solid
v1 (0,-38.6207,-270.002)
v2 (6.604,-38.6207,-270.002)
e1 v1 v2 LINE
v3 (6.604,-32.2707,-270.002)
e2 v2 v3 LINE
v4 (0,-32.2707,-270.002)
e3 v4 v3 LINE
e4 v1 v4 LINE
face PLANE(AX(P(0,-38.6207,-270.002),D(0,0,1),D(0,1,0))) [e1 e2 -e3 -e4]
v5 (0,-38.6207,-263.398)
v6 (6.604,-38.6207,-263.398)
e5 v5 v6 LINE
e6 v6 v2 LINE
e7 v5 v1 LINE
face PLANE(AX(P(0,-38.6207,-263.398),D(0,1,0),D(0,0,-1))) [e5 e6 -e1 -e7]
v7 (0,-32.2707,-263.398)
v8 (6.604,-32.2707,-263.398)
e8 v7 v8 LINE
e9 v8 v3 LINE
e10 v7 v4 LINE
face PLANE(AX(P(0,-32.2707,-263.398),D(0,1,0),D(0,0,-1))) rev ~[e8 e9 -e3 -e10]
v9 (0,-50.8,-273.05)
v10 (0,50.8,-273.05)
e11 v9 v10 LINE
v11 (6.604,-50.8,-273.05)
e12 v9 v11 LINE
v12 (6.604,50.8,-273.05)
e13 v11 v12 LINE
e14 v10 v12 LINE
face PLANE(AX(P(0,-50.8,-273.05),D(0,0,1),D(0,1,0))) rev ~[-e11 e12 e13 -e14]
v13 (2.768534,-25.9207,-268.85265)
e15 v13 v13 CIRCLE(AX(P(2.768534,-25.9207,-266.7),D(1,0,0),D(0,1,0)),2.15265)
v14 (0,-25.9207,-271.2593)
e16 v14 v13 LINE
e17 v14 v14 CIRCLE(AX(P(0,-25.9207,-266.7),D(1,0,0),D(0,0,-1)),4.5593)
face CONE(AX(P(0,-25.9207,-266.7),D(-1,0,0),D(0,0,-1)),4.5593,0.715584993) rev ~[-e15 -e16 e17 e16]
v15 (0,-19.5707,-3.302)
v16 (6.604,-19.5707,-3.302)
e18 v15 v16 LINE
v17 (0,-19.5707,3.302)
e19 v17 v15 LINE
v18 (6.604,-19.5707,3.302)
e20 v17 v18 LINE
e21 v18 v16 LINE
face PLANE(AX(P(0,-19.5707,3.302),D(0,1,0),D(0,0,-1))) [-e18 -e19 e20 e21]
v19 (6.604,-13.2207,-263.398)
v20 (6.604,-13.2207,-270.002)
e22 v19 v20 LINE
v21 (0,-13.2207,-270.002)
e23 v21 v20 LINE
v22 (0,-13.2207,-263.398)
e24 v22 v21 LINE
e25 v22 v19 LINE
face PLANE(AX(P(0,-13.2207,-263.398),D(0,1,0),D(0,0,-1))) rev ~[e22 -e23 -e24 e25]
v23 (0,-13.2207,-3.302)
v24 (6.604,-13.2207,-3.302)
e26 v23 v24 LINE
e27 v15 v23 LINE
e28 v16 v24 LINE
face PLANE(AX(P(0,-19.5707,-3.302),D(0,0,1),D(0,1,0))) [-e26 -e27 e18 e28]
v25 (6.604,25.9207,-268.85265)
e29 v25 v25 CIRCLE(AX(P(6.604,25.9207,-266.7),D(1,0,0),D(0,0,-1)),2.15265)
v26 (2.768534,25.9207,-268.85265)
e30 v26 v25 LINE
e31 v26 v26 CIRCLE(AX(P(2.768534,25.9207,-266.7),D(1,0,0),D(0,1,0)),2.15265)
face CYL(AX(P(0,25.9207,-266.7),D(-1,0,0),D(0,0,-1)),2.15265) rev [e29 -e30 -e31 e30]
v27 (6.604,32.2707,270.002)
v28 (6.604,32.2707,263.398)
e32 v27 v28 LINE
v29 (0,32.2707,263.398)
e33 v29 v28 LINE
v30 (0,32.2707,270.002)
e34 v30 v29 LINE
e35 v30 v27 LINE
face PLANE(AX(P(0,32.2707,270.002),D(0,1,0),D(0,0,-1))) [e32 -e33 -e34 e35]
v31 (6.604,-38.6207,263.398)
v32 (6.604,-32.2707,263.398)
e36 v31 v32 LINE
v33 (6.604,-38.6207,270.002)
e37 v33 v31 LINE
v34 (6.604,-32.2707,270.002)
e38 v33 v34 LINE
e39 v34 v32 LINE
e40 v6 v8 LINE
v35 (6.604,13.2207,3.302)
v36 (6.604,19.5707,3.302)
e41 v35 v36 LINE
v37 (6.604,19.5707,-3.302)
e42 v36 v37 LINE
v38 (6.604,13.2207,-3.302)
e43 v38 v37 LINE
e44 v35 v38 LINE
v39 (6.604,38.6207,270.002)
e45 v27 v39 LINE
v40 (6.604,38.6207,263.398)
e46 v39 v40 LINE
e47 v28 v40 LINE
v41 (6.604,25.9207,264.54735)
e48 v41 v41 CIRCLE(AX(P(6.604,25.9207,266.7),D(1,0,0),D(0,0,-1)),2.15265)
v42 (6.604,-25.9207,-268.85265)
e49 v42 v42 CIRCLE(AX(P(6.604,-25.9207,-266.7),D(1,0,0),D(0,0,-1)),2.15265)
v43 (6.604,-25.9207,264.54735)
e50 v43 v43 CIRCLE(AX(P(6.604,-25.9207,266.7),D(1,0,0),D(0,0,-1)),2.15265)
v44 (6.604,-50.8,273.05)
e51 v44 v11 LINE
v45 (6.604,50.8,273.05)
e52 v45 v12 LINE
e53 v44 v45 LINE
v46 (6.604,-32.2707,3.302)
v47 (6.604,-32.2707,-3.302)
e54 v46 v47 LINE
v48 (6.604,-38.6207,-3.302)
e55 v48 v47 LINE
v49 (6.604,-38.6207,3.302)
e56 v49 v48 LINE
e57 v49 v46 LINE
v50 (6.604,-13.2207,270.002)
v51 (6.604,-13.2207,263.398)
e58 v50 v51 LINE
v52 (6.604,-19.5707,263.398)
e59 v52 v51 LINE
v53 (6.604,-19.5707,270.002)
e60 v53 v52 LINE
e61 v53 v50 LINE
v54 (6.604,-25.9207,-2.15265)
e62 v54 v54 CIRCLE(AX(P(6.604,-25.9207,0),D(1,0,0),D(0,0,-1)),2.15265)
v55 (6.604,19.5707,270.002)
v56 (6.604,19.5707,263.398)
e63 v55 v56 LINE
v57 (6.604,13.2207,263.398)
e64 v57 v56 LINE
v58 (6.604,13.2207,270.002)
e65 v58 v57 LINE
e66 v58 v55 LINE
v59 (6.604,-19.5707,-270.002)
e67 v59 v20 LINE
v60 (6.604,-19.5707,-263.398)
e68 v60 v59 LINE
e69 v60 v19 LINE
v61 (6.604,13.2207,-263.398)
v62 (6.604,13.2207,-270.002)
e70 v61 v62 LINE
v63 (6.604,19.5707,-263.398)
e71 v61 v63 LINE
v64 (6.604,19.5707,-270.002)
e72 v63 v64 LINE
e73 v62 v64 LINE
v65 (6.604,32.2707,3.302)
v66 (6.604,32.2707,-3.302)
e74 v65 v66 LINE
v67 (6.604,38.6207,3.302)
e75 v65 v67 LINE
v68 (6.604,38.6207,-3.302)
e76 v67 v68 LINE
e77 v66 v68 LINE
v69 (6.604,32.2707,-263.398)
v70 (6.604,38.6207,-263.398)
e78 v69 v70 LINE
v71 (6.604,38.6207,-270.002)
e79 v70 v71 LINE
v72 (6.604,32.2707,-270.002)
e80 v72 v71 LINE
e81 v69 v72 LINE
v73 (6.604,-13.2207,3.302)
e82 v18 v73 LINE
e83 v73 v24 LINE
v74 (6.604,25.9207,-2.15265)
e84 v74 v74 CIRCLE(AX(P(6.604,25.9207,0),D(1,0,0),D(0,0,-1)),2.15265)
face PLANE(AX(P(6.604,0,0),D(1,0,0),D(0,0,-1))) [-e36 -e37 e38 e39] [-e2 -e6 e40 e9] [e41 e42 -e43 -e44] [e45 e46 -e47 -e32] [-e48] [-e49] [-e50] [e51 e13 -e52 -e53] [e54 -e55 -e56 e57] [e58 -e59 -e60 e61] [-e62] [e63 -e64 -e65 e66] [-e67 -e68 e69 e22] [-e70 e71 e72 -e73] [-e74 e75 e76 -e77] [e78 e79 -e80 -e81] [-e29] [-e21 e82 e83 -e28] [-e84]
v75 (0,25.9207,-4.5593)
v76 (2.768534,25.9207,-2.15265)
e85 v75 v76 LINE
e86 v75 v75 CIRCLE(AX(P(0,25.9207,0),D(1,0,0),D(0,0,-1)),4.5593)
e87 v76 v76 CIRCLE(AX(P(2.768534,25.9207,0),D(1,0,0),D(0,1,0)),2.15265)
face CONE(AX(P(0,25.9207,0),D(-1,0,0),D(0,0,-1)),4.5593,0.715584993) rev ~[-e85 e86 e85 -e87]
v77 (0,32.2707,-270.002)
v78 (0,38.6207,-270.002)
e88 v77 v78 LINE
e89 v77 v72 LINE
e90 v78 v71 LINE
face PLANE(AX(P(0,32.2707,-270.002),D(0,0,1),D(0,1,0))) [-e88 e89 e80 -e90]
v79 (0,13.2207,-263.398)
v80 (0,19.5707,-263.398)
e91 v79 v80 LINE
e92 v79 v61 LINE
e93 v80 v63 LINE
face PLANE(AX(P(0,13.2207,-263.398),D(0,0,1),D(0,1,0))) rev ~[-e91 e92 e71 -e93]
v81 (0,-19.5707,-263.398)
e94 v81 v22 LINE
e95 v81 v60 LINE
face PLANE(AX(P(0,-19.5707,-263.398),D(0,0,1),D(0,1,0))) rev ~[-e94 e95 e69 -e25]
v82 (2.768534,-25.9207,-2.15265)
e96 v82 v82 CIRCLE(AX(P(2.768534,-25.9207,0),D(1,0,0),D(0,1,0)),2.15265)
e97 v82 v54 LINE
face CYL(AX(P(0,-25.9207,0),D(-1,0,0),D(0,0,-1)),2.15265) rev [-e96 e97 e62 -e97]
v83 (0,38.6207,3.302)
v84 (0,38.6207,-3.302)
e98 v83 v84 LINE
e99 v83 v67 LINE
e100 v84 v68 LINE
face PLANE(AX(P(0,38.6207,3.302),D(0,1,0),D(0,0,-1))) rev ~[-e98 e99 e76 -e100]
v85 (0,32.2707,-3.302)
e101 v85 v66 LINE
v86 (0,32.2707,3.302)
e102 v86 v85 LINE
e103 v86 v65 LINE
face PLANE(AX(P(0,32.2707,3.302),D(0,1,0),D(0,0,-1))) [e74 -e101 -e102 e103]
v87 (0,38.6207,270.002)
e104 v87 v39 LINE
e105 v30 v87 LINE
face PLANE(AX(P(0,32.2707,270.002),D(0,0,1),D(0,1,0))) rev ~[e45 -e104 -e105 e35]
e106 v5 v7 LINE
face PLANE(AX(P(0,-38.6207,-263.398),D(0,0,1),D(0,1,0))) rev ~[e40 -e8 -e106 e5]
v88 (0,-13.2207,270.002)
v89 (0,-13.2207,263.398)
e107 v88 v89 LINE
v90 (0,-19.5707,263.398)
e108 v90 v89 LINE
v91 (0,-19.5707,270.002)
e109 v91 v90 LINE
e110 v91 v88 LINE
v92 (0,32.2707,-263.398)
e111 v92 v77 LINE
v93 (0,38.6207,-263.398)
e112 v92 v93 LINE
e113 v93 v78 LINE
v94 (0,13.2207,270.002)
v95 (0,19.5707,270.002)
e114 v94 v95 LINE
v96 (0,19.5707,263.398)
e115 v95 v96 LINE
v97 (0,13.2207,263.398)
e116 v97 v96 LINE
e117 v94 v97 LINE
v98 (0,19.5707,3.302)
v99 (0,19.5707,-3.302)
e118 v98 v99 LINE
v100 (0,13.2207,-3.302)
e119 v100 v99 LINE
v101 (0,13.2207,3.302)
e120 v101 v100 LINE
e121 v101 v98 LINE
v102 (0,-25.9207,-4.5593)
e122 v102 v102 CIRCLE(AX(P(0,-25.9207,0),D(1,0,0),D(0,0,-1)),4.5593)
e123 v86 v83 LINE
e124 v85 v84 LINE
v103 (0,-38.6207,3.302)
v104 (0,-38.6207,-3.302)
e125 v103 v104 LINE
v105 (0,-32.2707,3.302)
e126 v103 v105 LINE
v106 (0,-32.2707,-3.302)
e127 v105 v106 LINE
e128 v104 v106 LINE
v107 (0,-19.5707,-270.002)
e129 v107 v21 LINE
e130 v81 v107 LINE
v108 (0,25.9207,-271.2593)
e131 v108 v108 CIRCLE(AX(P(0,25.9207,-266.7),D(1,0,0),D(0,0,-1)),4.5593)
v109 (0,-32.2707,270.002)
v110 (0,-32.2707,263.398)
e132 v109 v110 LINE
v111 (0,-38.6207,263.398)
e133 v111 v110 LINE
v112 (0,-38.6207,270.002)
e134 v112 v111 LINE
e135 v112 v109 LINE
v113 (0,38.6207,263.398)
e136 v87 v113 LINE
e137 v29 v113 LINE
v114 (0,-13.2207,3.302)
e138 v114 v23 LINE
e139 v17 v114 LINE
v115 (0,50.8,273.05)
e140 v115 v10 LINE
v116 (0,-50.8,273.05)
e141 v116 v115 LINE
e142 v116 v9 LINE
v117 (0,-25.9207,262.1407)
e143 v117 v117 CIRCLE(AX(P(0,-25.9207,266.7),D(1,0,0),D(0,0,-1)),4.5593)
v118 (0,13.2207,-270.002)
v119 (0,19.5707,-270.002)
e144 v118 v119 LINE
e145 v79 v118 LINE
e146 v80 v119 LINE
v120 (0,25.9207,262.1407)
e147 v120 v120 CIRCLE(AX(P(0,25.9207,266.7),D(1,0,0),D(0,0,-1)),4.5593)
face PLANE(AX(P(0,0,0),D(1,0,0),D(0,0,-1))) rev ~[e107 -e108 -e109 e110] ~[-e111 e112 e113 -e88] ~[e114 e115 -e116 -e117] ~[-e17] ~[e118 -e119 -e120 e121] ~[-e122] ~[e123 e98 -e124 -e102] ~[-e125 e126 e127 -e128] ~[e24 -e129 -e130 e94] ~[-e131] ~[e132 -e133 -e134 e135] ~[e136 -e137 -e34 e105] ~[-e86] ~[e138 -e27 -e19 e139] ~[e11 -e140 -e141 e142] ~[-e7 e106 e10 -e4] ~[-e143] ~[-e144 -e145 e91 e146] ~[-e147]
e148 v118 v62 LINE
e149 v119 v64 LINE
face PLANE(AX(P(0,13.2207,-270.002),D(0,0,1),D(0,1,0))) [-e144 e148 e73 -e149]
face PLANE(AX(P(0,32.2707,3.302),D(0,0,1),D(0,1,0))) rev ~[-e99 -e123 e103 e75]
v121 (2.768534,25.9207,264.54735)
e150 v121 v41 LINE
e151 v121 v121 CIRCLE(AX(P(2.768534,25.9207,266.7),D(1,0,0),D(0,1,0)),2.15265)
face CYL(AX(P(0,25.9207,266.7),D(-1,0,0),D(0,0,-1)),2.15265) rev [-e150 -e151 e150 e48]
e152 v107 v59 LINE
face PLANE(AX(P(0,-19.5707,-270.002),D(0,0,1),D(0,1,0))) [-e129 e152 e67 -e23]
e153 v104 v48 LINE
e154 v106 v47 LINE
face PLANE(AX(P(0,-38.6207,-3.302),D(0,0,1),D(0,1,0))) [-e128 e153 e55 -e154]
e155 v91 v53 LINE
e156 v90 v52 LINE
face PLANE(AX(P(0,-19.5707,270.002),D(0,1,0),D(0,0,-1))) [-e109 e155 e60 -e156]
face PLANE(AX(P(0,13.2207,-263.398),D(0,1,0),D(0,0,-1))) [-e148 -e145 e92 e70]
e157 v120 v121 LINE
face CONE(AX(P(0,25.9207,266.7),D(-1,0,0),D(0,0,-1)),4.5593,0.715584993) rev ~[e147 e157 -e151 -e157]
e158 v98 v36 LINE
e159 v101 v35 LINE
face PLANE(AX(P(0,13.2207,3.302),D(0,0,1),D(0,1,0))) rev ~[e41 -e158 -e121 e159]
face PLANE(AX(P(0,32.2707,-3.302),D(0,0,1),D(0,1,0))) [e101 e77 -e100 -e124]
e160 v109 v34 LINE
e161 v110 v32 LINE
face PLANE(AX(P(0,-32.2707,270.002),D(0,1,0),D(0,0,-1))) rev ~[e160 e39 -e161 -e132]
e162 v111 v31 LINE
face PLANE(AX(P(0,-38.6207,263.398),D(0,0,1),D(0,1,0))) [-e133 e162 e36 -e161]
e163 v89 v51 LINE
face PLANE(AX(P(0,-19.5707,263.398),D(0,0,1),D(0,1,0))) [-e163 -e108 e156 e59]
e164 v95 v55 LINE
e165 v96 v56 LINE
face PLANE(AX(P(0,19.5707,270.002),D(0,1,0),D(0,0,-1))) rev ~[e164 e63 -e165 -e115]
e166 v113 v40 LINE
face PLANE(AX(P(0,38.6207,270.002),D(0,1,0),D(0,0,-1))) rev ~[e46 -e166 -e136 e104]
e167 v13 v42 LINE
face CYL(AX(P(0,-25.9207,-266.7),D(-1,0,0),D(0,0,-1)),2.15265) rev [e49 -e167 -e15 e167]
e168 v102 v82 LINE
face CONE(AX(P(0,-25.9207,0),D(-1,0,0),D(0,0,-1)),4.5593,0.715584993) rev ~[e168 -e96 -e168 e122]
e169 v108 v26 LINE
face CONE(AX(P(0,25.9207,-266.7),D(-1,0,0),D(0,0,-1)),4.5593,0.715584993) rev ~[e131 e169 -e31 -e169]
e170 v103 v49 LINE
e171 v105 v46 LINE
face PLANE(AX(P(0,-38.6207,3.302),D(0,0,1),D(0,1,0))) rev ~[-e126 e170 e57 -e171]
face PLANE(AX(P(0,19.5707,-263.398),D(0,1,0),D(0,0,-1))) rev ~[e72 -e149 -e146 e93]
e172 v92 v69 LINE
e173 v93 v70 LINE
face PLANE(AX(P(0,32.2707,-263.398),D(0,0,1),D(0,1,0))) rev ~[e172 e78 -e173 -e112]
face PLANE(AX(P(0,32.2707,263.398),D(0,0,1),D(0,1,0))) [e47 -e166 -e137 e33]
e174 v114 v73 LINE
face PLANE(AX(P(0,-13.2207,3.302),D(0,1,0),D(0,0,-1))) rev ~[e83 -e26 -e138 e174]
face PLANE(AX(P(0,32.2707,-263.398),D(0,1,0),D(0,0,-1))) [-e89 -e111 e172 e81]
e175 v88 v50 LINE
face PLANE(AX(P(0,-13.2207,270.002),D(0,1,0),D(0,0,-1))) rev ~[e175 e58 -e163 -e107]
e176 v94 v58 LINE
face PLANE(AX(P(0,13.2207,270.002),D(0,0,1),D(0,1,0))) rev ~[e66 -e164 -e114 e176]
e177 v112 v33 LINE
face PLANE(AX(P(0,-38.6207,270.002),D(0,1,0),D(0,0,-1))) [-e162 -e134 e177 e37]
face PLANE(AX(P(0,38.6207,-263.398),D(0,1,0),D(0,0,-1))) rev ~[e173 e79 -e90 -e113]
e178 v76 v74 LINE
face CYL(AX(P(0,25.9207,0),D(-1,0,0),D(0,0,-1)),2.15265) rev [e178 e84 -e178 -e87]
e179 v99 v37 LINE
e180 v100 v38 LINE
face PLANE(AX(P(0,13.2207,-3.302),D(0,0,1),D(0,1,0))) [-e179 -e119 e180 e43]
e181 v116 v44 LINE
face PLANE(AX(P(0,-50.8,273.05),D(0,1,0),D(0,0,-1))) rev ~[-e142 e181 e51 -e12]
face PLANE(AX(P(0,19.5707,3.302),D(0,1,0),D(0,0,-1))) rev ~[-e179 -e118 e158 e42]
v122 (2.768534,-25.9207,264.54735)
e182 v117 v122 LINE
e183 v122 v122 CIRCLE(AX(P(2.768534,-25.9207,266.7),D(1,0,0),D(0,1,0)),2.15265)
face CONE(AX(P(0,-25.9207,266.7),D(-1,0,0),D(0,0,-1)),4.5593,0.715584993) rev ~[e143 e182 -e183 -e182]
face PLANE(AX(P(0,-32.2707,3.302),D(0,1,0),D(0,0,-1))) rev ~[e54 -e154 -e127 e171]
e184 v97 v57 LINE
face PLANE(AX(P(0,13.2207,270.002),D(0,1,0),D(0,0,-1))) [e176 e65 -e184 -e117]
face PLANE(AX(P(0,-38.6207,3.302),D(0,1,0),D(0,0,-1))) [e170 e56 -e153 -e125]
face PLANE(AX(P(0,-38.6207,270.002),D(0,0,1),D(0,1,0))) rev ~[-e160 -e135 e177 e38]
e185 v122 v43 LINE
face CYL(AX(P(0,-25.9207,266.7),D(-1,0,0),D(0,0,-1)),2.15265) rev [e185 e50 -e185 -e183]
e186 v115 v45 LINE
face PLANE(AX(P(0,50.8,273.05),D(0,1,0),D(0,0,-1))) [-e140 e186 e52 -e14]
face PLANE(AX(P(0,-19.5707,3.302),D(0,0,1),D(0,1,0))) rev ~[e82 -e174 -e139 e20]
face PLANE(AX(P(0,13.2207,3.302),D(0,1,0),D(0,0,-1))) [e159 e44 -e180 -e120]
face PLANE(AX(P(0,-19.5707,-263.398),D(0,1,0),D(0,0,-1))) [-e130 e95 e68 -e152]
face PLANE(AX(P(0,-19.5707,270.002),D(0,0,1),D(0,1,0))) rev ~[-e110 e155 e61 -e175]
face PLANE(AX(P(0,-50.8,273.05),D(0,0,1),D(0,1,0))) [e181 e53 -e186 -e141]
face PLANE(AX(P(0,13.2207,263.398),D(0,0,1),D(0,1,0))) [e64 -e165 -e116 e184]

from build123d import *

# Parameters (mm, degrees)
SKETCH1_W                                         = 546.1
SKETCH1_H                                         = 101.6
SKETCH1_R                                         = 2.15265
SKETCH1_W_2                                       = 6.604
SKETCH1_H_2                                       = 6.35
BOSS_EXTRUDE1_DEPTH                               = 6.604
CSK_FOR_8_FLAT_HEAD_SOCKET_CAP_SCREW2_D           = 4.3053
CSK_FOR_8_FLAT_HEAD_SOCKET_CAP_SCREW2_CSINK_D     = 9.1186
CSK_FOR_8_FLAT_HEAD_SOCKET_CAP_SCREW2_CSINK_ANGLE = 82


with BuildPart() as part:
    # Sketch1 → Boss-Extrude1 (new body)
    with BuildSketch(Plane(origin=(0, 0, 0), x_dir=(0, 0, -1), z_dir=(1, 0, 0))):
        Rectangle(SKETCH1_W, SKETCH1_H)
        with Locations((-266.7, 25.9207)):
            Circle(SKETCH1_R, mode=Mode.SUBTRACT)
        with Locations((-266.7, -25.9207)):
            Circle(SKETCH1_R, mode=Mode.SUBTRACT)
        with Locations((0, -25.9207)):
            Circle(SKETCH1_R, mode=Mode.SUBTRACT)
        with Locations((0, 25.9207)):
            Circle(SKETCH1_R, mode=Mode.SUBTRACT)
        with Locations((266.7, -25.9207)):
            Circle(SKETCH1_R, mode=Mode.SUBTRACT)
        with Locations((266.7, 25.9207)):
            Circle(SKETCH1_R, mode=Mode.SUBTRACT)
        with Locations((-266.7, 16.3957)):
            Rectangle(SKETCH1_W_2, SKETCH1_H_2, mode=Mode.SUBTRACT)
        with Locations((-266.7, 35.4457)):
            Rectangle(SKETCH1_W_2, SKETCH1_H_2, mode=Mode.SUBTRACT)
        with Locations((-266.7, -35.4457)):
            Rectangle(SKETCH1_W_2, SKETCH1_H_2, mode=Mode.SUBTRACT)
        with Locations((-266.7, -16.3957)):
            Rectangle(SKETCH1_W_2, SKETCH1_H_2, mode=Mode.SUBTRACT)
        with Locations((0, -16.3957)):
            Rectangle(SKETCH1_W_2, SKETCH1_H_2, mode=Mode.SUBTRACT)
        with Locations((0, -35.4457)):
            Rectangle(SKETCH1_W_2, SKETCH1_H_2, mode=Mode.SUBTRACT)
        with Locations((0, 35.4457)):
            Rectangle(SKETCH1_W_2, SKETCH1_H_2, mode=Mode.SUBTRACT)
        with Locations((0, 16.3957)):
            Rectangle(SKETCH1_W_2, SKETCH1_H_2, mode=Mode.SUBTRACT)
        with Locations((266.7, -16.3957)):
            Rectangle(SKETCH1_W_2, SKETCH1_H_2, mode=Mode.SUBTRACT)
        with Locations((266.7, -35.4457)):
            Rectangle(SKETCH1_W_2, SKETCH1_H_2, mode=Mode.SUBTRACT)
        with Locations((266.7, 35.4457)):
            Rectangle(SKETCH1_W_2, SKETCH1_H_2, mode=Mode.SUBTRACT)
        with Locations((266.7, 16.3957)):
            Rectangle(SKETCH1_W_2, SKETCH1_H_2, mode=Mode.SUBTRACT)
    extrude(amount=BOSS_EXTRUDE1_DEPTH)

    # CSK for #8 Flat Head Socket Cap Screw2 (through all)
    with Locations(Plane.ZY):
        with Locations((-266.7, 25.9207), (-266.7, -25.9207), (266.7, -25.9207), (266.7, 25.9207), (0, 25.9207), (0, -25.9207)):
            CounterSinkHole(CSK_FOR_8_FLAT_HEAD_SOCKET_CAP_SCREW2_D / 2, CSK_FOR_8_FLAT_HEAD_SOCKET_CAP_SCREW2_CSINK_D / 2, counter_sink_angle=CSK_FOR_8_FLAT_HEAD_SOCKET_CAP_SCREW2_CSINK_ANGLE)


solid = part.part
